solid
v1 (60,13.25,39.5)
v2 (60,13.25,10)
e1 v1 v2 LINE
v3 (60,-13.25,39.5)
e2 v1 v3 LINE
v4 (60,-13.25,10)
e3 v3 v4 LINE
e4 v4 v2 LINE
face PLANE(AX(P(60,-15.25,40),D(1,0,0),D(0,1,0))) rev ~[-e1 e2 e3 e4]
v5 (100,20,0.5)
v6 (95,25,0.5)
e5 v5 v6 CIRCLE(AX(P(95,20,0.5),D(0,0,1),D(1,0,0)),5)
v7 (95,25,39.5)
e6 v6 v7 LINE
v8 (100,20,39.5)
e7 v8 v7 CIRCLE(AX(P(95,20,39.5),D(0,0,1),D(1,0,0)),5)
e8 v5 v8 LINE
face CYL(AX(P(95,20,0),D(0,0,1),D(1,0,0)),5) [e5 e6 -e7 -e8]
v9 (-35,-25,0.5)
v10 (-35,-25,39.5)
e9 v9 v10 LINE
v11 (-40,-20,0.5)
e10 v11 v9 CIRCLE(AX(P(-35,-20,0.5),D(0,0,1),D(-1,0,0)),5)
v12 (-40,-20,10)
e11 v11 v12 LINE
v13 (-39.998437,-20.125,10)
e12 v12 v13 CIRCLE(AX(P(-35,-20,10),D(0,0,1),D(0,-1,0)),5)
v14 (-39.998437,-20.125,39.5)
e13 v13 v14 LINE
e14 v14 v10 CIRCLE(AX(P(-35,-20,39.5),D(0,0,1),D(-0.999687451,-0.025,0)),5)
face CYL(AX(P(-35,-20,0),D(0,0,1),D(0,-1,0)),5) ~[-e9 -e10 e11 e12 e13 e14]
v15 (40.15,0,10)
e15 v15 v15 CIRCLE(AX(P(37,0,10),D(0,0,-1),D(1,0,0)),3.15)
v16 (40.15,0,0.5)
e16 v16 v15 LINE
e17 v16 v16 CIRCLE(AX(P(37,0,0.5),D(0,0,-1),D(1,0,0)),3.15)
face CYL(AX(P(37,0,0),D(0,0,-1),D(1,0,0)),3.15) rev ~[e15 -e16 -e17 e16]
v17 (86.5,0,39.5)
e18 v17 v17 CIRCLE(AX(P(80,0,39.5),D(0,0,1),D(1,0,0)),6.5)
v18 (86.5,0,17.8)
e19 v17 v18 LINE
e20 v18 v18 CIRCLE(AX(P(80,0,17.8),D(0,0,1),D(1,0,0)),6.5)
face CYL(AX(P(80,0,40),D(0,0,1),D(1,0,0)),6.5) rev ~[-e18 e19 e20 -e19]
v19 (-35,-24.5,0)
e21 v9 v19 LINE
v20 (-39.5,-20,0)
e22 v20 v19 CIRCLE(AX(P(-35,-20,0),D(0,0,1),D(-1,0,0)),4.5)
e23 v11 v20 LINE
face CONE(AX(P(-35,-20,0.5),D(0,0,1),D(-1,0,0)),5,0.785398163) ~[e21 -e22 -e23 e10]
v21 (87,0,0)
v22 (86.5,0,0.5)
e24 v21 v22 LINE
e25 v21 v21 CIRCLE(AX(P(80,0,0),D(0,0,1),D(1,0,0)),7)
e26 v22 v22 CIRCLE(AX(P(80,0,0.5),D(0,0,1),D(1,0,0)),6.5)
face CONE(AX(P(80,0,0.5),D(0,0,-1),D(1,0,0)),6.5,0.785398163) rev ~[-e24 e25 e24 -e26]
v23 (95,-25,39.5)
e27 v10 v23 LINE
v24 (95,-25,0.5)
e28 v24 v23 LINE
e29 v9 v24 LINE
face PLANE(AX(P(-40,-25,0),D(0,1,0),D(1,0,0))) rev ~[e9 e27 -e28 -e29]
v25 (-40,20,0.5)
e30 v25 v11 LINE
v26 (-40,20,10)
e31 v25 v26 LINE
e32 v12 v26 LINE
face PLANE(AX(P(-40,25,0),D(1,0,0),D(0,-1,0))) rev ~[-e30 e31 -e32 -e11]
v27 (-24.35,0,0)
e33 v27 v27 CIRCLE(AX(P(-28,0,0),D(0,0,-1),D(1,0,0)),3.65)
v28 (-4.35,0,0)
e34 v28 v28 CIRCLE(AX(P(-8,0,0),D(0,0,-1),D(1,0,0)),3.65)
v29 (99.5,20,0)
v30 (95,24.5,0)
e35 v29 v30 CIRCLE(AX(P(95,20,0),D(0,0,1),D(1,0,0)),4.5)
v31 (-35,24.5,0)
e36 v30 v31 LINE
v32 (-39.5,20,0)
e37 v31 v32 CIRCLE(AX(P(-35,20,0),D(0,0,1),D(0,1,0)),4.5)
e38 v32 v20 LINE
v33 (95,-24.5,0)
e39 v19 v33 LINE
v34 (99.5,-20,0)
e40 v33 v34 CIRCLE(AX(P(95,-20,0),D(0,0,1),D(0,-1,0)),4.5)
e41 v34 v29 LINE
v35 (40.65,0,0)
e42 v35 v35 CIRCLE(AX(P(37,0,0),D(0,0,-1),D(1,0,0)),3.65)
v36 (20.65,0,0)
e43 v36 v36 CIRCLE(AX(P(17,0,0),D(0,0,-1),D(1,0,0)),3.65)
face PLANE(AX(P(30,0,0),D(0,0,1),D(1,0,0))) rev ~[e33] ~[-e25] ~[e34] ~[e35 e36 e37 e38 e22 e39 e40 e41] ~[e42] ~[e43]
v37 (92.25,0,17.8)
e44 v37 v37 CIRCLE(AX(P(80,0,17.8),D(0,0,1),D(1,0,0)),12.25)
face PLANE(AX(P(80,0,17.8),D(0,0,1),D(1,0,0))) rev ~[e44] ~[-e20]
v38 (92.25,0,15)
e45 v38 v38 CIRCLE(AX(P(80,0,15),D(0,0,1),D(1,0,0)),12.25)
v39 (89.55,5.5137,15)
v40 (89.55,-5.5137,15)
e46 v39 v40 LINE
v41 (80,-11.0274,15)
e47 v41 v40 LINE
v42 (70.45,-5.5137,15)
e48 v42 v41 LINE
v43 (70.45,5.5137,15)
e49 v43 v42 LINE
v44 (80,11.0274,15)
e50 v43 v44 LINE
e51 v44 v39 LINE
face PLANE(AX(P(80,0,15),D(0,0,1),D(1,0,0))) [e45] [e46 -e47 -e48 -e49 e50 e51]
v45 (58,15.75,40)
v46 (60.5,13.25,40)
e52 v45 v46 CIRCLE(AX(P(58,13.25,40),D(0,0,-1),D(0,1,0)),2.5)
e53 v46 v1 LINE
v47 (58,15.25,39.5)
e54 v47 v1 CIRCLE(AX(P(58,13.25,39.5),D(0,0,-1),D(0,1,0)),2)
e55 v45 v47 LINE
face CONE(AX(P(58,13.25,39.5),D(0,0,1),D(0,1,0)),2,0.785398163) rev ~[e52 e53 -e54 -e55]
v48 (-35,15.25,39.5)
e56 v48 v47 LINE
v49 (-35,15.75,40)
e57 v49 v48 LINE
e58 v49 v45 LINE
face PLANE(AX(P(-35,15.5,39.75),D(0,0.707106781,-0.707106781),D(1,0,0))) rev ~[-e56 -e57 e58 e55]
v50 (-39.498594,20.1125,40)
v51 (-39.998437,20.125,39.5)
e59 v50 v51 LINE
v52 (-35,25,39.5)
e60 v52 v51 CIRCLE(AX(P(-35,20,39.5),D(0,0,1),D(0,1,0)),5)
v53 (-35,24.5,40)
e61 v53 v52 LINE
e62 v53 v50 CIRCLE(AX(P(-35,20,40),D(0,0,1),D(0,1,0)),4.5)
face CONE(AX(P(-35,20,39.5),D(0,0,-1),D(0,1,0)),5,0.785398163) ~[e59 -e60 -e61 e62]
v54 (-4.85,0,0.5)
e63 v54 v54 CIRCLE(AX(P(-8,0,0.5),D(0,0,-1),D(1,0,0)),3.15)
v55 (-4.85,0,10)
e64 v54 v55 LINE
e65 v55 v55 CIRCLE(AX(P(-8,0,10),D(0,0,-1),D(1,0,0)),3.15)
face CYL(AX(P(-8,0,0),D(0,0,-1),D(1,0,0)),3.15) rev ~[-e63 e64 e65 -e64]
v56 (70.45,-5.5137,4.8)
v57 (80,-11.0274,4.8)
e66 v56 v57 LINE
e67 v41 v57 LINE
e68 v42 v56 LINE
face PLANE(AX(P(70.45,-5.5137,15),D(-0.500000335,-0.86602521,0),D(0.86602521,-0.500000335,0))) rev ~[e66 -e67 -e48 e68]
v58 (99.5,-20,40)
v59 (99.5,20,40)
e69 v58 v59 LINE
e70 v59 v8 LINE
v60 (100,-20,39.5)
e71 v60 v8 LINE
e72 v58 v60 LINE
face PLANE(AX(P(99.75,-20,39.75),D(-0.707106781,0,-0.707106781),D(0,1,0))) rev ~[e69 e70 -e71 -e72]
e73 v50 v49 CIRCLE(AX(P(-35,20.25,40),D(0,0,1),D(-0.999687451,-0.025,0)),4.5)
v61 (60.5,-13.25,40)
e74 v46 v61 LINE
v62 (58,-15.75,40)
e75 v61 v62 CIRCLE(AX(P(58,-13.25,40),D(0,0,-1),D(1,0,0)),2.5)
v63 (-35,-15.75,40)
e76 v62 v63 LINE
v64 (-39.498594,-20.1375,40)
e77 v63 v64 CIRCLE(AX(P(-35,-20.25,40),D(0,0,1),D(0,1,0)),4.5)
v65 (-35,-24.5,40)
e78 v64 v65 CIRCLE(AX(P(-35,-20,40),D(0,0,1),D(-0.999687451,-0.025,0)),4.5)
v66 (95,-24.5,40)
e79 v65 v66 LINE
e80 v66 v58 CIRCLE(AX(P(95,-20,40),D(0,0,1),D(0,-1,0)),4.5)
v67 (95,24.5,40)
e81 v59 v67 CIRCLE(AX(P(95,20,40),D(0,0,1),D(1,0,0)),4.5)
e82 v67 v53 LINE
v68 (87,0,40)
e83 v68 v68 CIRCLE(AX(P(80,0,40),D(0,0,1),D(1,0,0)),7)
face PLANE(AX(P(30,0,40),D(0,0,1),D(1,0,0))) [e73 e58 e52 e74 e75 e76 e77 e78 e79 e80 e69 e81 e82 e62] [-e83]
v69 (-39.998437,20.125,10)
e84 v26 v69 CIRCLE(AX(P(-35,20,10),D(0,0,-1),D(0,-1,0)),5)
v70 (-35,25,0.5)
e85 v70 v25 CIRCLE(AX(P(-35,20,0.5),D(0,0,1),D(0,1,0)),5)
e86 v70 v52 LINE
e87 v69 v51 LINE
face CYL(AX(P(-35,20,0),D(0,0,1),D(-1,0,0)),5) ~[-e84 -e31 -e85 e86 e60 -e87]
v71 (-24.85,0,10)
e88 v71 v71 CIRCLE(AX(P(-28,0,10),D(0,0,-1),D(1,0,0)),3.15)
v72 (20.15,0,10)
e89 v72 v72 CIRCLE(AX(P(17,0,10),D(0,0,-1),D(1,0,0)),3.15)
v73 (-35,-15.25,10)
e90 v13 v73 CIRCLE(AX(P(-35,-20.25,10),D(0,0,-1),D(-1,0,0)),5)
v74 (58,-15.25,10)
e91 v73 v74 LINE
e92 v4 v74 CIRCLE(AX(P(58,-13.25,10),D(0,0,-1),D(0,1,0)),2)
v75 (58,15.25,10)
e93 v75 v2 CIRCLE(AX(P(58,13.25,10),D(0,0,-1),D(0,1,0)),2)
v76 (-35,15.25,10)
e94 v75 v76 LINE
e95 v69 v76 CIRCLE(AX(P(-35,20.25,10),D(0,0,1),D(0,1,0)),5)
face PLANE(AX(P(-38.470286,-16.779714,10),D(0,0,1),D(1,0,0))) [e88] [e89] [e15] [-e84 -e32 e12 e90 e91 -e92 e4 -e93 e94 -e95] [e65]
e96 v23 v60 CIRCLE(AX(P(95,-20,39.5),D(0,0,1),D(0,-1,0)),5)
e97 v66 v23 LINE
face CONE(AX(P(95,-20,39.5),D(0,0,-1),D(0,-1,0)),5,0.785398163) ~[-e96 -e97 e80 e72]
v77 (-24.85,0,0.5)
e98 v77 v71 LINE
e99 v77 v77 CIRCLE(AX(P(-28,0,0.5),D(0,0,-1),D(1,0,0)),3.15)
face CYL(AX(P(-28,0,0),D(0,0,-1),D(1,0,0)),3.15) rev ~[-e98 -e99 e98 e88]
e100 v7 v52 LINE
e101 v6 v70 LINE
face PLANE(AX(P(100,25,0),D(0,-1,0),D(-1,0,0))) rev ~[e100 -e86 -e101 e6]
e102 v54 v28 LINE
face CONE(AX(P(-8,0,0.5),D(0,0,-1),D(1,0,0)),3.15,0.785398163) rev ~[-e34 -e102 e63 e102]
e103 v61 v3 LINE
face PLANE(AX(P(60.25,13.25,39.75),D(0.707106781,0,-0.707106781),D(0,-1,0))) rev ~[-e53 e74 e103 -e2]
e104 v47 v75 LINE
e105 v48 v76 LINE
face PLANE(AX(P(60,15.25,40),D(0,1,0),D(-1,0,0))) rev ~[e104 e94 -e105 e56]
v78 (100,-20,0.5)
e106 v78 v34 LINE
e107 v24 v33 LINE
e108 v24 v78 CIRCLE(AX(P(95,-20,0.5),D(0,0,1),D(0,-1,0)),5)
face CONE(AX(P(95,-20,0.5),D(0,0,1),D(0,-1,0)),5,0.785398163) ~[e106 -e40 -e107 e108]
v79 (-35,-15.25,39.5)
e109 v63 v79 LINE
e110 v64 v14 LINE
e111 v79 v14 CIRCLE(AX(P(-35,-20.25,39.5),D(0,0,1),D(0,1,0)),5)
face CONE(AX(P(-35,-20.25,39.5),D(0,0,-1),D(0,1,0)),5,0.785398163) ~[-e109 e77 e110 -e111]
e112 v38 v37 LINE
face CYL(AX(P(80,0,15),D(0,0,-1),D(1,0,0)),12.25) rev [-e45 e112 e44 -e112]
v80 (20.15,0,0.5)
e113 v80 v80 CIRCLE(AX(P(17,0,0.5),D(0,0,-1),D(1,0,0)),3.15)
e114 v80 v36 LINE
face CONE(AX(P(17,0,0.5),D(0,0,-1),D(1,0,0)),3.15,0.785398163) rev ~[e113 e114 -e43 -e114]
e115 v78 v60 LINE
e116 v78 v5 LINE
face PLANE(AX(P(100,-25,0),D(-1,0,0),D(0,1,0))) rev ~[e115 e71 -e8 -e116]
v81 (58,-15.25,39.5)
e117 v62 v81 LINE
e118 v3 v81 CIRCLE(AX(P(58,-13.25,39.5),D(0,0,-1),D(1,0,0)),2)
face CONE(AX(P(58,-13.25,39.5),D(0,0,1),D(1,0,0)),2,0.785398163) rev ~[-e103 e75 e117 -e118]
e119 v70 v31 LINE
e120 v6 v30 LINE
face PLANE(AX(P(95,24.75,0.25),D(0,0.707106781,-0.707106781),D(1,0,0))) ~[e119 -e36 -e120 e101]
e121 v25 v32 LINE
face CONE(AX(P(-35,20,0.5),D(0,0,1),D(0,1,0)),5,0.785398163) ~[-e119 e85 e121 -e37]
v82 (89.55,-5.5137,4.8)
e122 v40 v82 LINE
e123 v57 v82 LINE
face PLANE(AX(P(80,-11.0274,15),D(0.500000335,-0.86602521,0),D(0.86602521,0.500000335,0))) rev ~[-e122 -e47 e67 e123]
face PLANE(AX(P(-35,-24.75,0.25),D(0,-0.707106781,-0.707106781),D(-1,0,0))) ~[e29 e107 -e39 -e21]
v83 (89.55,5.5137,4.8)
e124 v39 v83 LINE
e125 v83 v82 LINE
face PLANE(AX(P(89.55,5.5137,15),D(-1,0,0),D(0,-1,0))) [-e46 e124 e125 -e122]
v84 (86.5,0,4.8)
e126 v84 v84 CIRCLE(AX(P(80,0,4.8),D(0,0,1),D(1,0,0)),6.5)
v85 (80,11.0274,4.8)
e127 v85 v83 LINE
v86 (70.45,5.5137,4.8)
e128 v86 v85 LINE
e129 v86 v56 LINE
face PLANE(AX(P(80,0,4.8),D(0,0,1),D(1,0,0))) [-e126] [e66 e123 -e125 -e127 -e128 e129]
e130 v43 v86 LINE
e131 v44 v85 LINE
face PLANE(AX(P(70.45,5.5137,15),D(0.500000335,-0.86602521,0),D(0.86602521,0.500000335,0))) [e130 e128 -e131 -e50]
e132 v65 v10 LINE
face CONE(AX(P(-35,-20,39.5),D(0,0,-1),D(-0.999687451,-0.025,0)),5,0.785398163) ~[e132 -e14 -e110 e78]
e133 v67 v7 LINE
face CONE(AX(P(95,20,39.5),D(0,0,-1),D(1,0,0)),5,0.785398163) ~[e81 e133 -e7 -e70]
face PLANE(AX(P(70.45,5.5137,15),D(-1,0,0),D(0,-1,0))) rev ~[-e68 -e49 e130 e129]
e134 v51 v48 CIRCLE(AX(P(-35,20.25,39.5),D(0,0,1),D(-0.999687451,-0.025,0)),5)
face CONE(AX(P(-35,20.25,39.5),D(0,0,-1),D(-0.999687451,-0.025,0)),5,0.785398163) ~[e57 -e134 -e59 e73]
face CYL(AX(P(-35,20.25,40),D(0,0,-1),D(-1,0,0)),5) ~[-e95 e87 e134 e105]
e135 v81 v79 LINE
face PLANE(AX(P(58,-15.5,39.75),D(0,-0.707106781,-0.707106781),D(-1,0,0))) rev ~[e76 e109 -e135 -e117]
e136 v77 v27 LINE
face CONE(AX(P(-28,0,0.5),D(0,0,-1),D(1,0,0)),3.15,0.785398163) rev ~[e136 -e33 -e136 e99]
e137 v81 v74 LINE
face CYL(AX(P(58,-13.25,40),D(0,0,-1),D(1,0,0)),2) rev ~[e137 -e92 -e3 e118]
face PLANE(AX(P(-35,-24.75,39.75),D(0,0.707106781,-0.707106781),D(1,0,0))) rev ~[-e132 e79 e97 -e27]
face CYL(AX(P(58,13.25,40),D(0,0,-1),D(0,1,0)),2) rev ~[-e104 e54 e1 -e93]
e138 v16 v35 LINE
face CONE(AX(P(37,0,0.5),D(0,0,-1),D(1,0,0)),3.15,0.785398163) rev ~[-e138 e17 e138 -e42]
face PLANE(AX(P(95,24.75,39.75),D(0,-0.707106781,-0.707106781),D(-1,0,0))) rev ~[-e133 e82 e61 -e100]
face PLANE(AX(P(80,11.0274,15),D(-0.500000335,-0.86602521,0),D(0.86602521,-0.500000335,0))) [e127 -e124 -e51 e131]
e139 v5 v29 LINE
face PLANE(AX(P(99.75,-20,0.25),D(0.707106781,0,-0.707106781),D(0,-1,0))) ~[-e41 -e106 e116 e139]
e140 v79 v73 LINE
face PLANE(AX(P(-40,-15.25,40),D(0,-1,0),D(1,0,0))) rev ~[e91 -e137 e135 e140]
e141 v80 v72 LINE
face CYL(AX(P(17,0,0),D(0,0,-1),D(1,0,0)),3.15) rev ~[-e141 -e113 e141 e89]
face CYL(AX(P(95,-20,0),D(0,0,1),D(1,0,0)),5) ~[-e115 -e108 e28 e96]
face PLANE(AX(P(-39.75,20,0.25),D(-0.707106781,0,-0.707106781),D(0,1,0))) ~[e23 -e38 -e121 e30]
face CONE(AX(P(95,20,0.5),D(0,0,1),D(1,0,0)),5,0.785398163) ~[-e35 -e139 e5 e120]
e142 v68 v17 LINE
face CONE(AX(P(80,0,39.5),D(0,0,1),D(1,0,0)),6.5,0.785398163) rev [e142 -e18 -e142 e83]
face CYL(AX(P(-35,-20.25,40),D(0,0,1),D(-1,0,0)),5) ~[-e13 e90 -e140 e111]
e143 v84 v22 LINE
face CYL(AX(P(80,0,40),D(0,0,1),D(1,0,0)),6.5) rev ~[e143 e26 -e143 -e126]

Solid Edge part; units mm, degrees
sketch "Sketch1" plane through (0, 0, 0) normal (0, 0, 1) x (1, 0, 0)
  line L0 (100, -25) -> (100, 25)
  line L1 (100, 25) -> (-40, 25)
  line L2 (-40, 25) -> (-40, -25)
  line L3 (-40, -25) -> (100, -25)
extrude "Extrusionsausprägung_20" add sketch "Sketch1" along normal blind 40
sketch "Sketch2" plane through (30, 0, 40) normal (0, 0, 1) x (1, 0, 0)
  line L0 (-70, -15.25) -> (30, -15.25)
  line L1 (30, -15.25) -> (30, 15.25)
  line L2 (30, 15.25) -> (-70, 15.25)
  line L3 (-70, 15.25) -> (-70, -15.25)
extrude "Extrusionsausschnitt_24" cut sketch "Sketch2" against normal blind 30
sketch "Sketch3" plane through (30, 0, 40) normal (0, 0, 1) x (1, 0, 0)
  circle A0 centre (50, 0) radius 6.5
extrude "Extrusionsausschnitt_25" cut sketch "Sketch3" against normal blind 78
sketch "Sketch4" plane through (0, 0, 15) normal (0, 0, 1) x (1, 0, 0)
  circle A0 centre (80, 0) radius 12.25
extrude "Extrusionsausschnitt_26" cut sketch "Sketch4" along normal blind 2.8
sketch "Sketch5" plane through (0, 0, 15) normal (0, 0, 1) x (1, 0, 0)
  line L0 (70.45, -5.5137) -> (80, -11.0274)
  line L1 (80, -11.0274) -> (89.55, -5.5137)
  line L2 (89.55, 5.5137) -> (89.55, -5.5137)
  line L3 (80, 11.0274) -> (89.55, 5.5137)
  line L4 (70.45, 5.5137) -> (80, 11.0274)
  line L5 (70.45, 5.5137) -> (70.45, -5.5137)
extrude "Extrusionsausschnitt_28" cut sketch "Sketch5" against normal blind 10.2
fillet "Verrundung_15" radius 5 6 edges at (100, -25, 20) (100, 25, 20) (-40, -25, 20) (-40, -15.25, 25) (-40, 15.25, 25) (-40, 25, 20)
fillet "Verrundung_16" radius 2 2 edges at (60, 15.25, 25) (60, -15.25, 25)
sketch "Sketch6" plane through (30, 0, 0) normal (0, 0, -1) x (1, 0, 0)
  circle A0 centre (-58, 0) radius 3.15
  circle A1 centre (-38, 0) radius 3.15
  circle A2 centre (-13, 0) radius 3.15
  circle A3 centre (7, 0) radius 3.15
extrude "Extrusionsausschnitt_29" cut sketch "Sketch6" against normal blind 70
chamfer "Fase_9" distance 0.5 angle 45 15 edges at (73.5, 0, 40) (30, 25, 40) (-38.4911, 23.5795, 40) (-38.4911, 16.6705, 40) (11.5, 15.25, 40) (59.4142, 14.6642, 40) (60, 0, 40) (59.4142, -14.6642, 40) (11.5, -15.25, 40) (-38.4911, -16.6705, 40) (-38.4911, -23.5795, 40) (30, -25, 40) (98.5355, -23.5355, 40) (100, 0, 40) (98.5355, 23.5355, 40)
chamfer "Fase_10" distance 0.5 angle 45 13 edges at (-31.15, 0, 0) (-11.15, 0, 0) (13.85, 0, 0) (33.85, 0, 0) (73.5, 0, 0) (-40, 0, 0) (-38.5355, 23.5355, 0) (30, 25, 0) (98.5355, 23.5355, 0) (100, 0, 0) (98.5355, -23.5355, 0) (30, -25, 0) (-38.5355, -23.5355, 0)
